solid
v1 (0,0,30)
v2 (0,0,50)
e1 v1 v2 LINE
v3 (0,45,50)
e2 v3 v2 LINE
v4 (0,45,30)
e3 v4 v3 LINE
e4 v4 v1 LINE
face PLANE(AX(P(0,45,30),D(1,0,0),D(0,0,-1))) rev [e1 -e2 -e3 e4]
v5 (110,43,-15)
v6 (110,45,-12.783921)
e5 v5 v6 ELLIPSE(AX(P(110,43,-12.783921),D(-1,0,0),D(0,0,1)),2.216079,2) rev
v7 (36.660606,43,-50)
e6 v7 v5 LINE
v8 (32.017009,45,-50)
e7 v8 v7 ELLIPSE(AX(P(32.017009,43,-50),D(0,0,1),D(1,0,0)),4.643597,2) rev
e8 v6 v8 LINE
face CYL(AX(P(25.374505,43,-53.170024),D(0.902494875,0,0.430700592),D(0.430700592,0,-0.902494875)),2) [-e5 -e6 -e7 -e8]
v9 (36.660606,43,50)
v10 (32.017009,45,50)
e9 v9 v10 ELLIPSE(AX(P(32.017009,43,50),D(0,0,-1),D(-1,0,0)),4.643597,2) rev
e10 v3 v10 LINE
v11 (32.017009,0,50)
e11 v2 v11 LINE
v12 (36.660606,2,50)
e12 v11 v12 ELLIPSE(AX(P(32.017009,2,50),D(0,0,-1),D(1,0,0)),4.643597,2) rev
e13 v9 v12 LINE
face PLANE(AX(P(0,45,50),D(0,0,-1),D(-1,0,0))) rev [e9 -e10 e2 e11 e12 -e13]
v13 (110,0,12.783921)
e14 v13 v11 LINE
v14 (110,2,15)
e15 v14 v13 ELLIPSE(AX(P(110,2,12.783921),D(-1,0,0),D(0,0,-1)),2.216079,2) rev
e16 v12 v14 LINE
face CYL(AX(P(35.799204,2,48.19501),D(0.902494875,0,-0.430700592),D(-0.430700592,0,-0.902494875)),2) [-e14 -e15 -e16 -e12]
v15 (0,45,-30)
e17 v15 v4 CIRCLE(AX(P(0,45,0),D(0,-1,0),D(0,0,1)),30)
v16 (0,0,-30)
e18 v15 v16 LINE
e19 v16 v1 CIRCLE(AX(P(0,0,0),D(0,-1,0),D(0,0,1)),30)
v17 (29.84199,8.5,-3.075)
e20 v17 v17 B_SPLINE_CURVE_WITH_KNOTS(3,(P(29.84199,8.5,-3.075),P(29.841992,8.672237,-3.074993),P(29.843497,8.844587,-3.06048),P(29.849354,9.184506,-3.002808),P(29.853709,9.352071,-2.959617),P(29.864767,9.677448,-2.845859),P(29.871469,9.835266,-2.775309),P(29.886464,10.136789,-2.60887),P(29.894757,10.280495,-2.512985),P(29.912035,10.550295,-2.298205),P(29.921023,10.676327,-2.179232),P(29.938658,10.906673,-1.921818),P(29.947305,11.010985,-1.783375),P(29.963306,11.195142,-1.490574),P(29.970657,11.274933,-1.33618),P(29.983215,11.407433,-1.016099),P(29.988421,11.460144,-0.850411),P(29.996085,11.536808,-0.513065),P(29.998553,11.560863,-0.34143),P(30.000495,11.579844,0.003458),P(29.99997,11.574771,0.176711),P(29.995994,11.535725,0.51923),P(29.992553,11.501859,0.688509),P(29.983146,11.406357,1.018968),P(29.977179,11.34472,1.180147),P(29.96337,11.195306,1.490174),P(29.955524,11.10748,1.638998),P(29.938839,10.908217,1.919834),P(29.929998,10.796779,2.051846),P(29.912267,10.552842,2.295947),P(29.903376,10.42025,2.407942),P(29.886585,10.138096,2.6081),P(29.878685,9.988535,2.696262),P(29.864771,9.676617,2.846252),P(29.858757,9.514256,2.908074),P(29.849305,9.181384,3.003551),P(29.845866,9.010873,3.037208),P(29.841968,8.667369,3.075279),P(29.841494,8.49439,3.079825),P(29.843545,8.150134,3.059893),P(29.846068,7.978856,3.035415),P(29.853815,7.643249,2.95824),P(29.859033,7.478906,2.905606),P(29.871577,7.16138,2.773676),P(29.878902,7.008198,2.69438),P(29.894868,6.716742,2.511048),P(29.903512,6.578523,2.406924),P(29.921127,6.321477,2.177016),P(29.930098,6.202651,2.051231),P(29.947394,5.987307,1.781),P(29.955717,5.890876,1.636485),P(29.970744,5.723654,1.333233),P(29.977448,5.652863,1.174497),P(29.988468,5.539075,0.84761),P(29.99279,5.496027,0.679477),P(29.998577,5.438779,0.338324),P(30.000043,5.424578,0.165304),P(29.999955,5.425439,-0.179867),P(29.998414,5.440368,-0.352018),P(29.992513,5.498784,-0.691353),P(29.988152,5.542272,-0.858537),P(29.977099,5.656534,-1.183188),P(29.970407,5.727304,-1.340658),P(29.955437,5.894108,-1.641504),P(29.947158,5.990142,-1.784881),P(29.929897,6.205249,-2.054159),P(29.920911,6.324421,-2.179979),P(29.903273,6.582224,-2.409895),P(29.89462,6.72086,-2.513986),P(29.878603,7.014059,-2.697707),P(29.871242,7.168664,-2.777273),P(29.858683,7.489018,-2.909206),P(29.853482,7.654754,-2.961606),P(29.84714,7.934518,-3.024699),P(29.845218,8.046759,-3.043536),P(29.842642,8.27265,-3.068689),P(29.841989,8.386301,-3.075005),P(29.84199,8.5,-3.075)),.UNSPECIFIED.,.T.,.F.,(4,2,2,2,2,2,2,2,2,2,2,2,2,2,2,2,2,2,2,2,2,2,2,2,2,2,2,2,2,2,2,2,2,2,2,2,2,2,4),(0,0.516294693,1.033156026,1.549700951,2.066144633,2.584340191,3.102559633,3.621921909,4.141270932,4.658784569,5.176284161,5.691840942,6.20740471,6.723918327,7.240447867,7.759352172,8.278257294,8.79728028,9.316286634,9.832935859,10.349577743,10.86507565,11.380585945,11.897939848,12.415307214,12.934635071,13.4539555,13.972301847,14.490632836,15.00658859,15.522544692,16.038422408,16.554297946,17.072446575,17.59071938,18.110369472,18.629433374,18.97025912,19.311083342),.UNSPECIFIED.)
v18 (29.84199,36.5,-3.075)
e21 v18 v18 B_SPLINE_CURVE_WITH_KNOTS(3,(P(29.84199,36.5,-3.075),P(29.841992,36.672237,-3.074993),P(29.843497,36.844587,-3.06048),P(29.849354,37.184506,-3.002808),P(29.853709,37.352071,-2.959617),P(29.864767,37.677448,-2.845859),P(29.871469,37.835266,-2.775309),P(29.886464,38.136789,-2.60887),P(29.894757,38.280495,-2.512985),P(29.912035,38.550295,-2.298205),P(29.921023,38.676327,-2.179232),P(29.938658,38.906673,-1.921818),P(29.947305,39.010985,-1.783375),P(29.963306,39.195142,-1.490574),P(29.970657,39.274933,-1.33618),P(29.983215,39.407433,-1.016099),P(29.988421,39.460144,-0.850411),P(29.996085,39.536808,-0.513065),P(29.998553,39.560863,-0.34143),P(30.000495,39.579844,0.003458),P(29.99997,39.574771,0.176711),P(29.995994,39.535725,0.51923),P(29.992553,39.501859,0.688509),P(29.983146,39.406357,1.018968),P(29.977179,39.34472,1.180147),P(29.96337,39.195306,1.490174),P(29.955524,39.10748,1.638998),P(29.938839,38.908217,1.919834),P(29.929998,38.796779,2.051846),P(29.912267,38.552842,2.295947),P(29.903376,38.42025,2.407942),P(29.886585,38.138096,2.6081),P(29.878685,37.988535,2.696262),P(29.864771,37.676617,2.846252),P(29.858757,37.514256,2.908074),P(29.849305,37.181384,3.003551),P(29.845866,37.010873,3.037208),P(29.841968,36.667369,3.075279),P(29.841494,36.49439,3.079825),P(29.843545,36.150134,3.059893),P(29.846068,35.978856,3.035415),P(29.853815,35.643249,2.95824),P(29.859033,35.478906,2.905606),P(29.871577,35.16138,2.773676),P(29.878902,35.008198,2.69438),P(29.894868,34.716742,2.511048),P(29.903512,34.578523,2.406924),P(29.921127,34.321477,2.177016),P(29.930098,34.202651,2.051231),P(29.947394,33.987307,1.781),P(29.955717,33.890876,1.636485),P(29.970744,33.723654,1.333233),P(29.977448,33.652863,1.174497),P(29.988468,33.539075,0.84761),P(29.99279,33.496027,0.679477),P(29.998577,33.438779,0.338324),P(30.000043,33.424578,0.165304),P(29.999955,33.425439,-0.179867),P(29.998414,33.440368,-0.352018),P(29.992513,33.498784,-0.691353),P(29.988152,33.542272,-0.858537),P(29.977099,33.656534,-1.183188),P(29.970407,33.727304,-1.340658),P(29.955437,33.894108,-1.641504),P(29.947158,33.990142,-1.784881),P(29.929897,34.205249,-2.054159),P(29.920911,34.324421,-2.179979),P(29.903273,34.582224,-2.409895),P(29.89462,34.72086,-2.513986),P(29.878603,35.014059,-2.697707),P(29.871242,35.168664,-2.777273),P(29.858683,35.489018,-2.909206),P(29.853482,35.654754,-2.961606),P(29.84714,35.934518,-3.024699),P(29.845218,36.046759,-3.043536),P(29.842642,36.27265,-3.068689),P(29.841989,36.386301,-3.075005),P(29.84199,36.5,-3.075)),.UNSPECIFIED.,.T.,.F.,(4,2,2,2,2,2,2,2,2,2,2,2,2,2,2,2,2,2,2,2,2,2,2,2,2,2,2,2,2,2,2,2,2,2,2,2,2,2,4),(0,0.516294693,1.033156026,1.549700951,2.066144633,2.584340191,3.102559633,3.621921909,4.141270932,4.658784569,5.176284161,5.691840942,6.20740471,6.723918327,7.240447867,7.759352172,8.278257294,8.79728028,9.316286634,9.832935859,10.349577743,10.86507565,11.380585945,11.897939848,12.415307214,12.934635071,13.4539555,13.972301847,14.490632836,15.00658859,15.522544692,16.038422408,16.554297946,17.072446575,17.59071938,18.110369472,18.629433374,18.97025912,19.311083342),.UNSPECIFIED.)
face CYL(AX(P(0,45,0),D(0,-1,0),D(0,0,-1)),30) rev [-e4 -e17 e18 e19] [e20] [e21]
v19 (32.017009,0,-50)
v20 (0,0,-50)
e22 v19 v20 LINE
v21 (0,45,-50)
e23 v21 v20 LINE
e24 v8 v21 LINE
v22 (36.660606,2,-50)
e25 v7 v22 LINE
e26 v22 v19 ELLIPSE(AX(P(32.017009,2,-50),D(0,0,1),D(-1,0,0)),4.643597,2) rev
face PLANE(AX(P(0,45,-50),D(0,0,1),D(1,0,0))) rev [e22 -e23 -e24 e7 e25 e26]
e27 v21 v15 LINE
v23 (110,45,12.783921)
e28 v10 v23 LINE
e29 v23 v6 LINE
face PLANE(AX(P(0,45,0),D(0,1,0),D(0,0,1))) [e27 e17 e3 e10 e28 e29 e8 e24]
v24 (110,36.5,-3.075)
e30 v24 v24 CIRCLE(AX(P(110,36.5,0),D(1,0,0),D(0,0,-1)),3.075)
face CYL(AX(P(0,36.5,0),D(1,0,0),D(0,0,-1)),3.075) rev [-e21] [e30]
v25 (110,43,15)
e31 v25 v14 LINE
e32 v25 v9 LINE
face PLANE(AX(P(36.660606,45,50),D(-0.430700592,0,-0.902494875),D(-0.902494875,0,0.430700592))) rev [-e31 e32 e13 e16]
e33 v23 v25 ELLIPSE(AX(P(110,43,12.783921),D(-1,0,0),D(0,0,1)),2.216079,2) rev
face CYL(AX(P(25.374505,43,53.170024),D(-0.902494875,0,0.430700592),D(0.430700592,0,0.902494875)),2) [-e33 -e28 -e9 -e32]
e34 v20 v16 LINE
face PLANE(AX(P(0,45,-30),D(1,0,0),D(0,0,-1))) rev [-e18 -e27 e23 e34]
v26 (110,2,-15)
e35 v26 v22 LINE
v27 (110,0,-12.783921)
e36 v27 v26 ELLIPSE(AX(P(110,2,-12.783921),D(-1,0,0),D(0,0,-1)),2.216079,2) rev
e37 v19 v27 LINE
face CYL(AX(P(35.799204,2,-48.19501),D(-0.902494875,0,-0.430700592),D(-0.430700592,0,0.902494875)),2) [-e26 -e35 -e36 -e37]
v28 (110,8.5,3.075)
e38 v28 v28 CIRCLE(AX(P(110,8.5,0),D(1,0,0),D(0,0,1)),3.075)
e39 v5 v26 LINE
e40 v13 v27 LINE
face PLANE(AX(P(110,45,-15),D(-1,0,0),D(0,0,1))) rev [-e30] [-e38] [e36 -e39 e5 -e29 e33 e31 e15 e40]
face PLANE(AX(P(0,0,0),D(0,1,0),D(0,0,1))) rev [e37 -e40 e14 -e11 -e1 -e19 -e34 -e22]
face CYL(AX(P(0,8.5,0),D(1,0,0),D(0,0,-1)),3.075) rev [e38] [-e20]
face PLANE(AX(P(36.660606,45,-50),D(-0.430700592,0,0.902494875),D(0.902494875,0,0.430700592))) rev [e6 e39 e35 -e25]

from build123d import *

# Parameters (mm, degrees)
SALIENTE_EXTRUIR1_DEPTH = 45
CROQUIS2_R              = 3.075
CORTAR_EXTRUIR1_DEPTH   = 129.937969582
REDONDEO1_R             = 2


with BuildPart() as part:
    # Croquis1 → Saliente-Extruir1 (new body)
    with BuildSketch(Plane(origin=(0, 0, 0), x_dir=(1, 0, 0), z_dir=(0, 1, 0))):
        with BuildLine():
            Line((0, 30), (0, 50))
            Line((0, 50), (36.66060556, 50))
            Line((36.66060556, 50), (110, 15))
            Line((110, 15), (110, -15))
            Line((110, -15), (36.66060556, -50))
            Line((36.66060556, -50), (0, -50))
            Line((0, -50), (0, -30))
            ThreePointArc((0, -30), (30, 0), (0, 30))
        make_face()
    extrude(amount=SALIENTE_EXTRUIR1_DEPTH)

    # Croquis2 → Cortar-Extruir1 (cut, through all)
    with BuildSketch(Plane(origin=(110, 0, 0), x_dir=(0, 0, -1), z_dir=(1, 0, 0))):
        with Locations((0, 36.5)):
            Circle(CROQUIS2_R)
        with Locations((0, 8.5)):
            Circle(CROQUIS2_R)
    extrude(amount=-CORTAR_EXTRUIR1_DEPTH, mode=Mode.SUBTRACT)

    # Redondeo1
    redondeo1_edges = [part.edges().sort_by_distance(p)[0] for p in [
        (73.33030278, 0, 32.5),
        (73.33030278, 45, 32.5),
        (73.33030278, 45, -32.5),
        (73.33030278, 0, -32.5),
    ]]
    fillet(redondeo1_edges, radius=REDONDEO1_R)


solid = part.part
